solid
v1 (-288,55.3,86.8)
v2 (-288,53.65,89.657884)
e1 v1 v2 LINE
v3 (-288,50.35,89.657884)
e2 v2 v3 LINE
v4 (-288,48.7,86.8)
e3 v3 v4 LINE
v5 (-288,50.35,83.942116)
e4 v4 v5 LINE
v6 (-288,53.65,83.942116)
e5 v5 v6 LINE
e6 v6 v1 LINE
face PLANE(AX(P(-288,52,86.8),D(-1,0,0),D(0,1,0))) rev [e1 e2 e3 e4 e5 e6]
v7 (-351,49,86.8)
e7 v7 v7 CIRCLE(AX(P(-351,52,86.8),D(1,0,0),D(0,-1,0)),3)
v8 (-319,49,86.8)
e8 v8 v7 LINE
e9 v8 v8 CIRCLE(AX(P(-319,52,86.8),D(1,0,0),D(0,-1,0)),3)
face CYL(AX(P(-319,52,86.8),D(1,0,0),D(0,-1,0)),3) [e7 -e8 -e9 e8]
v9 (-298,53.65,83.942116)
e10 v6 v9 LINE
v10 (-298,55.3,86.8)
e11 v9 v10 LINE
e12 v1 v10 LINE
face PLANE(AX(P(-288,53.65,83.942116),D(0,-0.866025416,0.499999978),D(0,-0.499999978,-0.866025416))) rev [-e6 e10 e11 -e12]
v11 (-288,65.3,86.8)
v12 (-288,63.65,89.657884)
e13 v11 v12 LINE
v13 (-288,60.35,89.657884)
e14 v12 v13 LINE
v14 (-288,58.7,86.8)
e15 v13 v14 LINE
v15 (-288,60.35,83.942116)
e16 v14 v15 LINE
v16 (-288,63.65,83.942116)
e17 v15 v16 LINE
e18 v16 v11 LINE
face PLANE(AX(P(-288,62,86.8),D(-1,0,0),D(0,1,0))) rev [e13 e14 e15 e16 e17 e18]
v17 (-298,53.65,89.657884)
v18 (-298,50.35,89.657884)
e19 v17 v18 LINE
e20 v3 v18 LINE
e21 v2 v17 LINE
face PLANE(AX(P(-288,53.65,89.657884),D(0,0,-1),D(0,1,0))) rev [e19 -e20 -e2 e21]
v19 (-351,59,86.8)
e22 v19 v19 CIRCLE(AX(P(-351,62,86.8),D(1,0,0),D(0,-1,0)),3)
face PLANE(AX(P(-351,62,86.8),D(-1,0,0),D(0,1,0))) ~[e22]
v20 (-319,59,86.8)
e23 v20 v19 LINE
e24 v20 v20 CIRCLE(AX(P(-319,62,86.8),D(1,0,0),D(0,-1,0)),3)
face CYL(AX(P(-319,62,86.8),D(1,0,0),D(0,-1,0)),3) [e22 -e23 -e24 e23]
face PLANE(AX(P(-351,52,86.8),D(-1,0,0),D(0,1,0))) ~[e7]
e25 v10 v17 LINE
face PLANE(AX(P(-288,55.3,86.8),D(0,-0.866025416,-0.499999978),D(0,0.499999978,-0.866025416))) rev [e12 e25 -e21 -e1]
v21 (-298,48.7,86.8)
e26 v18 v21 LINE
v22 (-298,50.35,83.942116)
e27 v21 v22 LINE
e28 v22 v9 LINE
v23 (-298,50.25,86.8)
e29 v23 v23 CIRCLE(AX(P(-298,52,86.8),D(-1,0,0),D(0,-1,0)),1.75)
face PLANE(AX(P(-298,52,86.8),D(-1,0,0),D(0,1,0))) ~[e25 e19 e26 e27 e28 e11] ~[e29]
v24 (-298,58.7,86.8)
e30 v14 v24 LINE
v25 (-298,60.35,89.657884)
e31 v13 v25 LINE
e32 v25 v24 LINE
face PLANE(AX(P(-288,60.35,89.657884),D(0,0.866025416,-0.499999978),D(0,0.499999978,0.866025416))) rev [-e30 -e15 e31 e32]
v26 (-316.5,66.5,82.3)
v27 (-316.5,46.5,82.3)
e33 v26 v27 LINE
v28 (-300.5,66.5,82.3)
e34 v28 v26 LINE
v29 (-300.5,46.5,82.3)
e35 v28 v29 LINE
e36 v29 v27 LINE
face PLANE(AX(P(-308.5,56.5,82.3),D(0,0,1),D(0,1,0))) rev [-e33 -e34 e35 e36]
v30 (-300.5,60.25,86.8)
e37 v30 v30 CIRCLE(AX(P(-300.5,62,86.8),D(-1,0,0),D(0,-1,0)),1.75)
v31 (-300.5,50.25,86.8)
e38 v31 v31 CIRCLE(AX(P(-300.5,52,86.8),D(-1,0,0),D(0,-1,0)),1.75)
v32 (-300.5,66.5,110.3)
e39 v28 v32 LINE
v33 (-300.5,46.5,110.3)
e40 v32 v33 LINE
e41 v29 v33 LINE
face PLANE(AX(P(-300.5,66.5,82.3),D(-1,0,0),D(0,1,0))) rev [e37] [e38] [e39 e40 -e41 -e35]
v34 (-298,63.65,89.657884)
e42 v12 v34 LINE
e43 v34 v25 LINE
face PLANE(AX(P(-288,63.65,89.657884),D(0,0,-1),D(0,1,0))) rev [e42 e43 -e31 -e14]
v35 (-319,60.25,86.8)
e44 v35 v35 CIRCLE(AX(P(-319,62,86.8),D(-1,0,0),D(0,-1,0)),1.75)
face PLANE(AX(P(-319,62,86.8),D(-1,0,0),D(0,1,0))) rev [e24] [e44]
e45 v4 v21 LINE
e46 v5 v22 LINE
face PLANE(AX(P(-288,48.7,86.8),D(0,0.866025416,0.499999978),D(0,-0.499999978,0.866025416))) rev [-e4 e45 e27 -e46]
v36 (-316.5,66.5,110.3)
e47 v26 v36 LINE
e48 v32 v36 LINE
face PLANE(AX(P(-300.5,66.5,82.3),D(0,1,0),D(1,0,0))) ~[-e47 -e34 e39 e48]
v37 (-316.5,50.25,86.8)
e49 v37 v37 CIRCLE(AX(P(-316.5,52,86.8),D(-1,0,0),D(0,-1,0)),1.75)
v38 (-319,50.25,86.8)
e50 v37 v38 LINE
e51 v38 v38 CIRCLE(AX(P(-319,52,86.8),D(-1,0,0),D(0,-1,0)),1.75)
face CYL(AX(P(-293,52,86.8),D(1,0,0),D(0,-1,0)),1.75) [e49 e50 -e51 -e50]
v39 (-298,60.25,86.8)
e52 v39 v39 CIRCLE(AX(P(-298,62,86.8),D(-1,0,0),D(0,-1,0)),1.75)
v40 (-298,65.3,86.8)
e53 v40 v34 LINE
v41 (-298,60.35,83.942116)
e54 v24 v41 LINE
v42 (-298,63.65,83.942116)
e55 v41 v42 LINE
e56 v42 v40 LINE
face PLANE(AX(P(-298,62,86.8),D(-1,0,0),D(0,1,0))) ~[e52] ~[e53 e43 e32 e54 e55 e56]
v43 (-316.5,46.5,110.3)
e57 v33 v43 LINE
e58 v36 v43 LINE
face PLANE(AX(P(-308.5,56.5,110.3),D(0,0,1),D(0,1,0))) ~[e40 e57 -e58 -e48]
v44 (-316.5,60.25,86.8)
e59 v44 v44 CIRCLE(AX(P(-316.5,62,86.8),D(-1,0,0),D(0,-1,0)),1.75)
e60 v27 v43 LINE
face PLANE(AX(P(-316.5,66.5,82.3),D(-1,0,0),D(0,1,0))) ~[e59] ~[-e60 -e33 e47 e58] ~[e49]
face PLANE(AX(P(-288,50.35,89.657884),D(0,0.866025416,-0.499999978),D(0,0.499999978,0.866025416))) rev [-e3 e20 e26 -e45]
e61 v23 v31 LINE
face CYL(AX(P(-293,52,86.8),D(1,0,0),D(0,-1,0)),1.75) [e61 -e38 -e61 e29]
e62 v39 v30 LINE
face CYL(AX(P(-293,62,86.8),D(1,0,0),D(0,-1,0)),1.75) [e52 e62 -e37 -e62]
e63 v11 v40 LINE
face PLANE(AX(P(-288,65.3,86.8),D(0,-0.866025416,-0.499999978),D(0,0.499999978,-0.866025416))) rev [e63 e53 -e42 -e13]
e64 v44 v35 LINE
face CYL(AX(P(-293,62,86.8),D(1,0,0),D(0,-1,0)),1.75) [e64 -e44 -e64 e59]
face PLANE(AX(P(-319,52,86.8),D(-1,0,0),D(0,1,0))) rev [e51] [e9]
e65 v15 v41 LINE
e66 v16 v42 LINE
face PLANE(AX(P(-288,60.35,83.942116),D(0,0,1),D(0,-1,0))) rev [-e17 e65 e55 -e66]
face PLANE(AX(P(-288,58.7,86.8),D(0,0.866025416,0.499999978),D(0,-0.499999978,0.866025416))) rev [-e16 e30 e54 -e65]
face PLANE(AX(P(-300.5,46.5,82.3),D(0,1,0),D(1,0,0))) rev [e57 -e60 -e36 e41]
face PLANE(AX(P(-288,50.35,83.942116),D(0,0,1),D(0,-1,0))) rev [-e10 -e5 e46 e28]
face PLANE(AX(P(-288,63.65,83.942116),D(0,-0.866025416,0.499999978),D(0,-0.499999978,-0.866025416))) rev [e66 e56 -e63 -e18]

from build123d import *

# Parameters (mm, degrees)
PRISM002_DEPTH           = 10
PRISM002_ROLL_ANGLE      = -90
CYLINDER051_R            = 3
CYLINDER051_DEPTH        = 32
CYLINDER051_ROLL_ANGLE   = -90
CYLINDER052_R            = 3
CYLINDER052_DEPTH        = 32
CYLINDER052_ROLL_ANGLE   = -90
BOX040_W                 = 20
BOX040_H                 = 16
BOX040_DEPTH             = 28
CYLINDER053_R            = 1.75
CYLINDER053_DEPTH        = 32
CYLINDER053_ROLL_ANGLE   = -90
CYLINDER054_R            = 1.75
CYLINDER054_DEPTH        = 32
CYLINDER054_ROLL_ANGLE   = -90
PRISM001_DEPTH           = 10
PRISM001_ROLL_ANGLE      = -90
CLONE014_PLACEMENT_ANGLE = -90


with BuildPart() as prisma002:
    # Prism002 → Prism002 (new body)
    with BuildSketch(Plane.XY):
        Polygon((3.3, 0), (1.65, 2.857884), (-1.65, 2.857884), (-3.3, 0), (-1.65, -2.857884), (1.65, -2.857884), align=None)
    extrude(amount=PRISM002_DEPTH)


with BuildPart() as prisma002_1:
    # Prism002 roll: moved
    add(prisma002.part.rotate(Axis((0, 0, 0), (1, 0, 0)), PRISM002_ROLL_ANGLE))


with BuildPart() as prisma002_2:
    # Prism002 placement: moved
    add(prisma002_1.part.moved(Location((8, 85, 84))))


with BuildPart() as cilindro017:
    # Cylinder051 → Cylinder051 (new body)
    with BuildSketch(Plane.XY):
        Circle(CYLINDER051_R)
    extrude(amount=CYLINDER051_DEPTH)


with BuildPart() as cilindro017_1:
    # Cylinder051 roll: moved
    add(cilindro017.part.rotate(Axis((0, 0, 0), (1, 0, 0)), CYLINDER051_ROLL_ANGLE))


with BuildPart() as cilindro017_2:
    # Cylinder051 placement: moved
    add(cilindro017_1.part.moved(Location((18, 116, 84))))


with BuildPart() as cilindro018:
    # Cylinder052 → Cylinder052 (new body)
    with BuildSketch(Plane.XY):
        Circle(CYLINDER052_R)
    extrude(amount=CYLINDER052_DEPTH)


with BuildPart() as cilindro018_1:
    # Cylinder052 roll: moved
    add(cilindro018.part.rotate(Axis((0, 0, 0), (1, 0, 0)), CYLINDER052_ROLL_ANGLE))


with BuildPart() as cilindro018_2:
    # Cylinder052 placement: moved
    add(cilindro018_1.part.moved(Location((8, 116, 84))))


with BuildPart() as cubo005:
    # Box040 → Box040 (new body)
    with BuildSketch(Plane(origin=(3.5, 97.5, 79.5), x_dir=(1, 0, 0), z_dir=(0, 0, 1))):
        with Locations((10, 8)):
            Rectangle(BOX040_W, BOX040_H)
    extrude(amount=BOX040_DEPTH)


with BuildPart() as cilindro013:
    # Cylinder053 → Cylinder053 (new body)
    with BuildSketch(Plane.XY):
        Circle(CYLINDER053_R)
    extrude(amount=CYLINDER053_DEPTH)


with BuildPart() as cilindro013_1:
    # Cylinder053 roll: moved
    add(cilindro013.part.rotate(Axis((0, 0, 0), (1, 0, 0)), CYLINDER053_ROLL_ANGLE))


with BuildPart() as cilindro013_2:
    # Cylinder053 placement: moved
    add(cilindro013_1.part.moved(Location((18, 90, 84))))


with BuildPart() as cilindro012:
    # Cylinder054 → Cylinder054 (new body)
    with BuildSketch(Plane.XY):
        Circle(CYLINDER054_R)
    extrude(amount=CYLINDER054_DEPTH)


with BuildPart() as cilindro012_1:
    # Cylinder054 roll: moved
    add(cilindro012.part.rotate(Axis((0, 0, 0), (1, 0, 0)), CYLINDER054_ROLL_ANGLE))


with BuildPart() as cilindro012_2:
    # Cylinder054 placement: moved
    add(cilindro012_1.part.moved(Location((8, 90, 84))))


with BuildPart() as clone_of_arm_positive_cut_left:
    # Prism001 → Prism001 (new body)
    with BuildSketch(Plane.XY):
        Polygon((3.3, 0), (1.65, 2.857884), (-1.65, 2.857884), (-3.3, 0), (-1.65, -2.857884), (1.65, -2.857884), align=None)
    extrude(amount=PRISM001_DEPTH)


with BuildPart() as clone_of_arm_positive_cut_left_1:
    # Prism001 roll: moved
    add(clone_of_arm_positive_cut_left.part.rotate(Axis((0, 0, 0), (1, 0, 0)), PRISM001_ROLL_ANGLE))


with BuildPart() as clone_of_arm_positive_cut_left_2:
    # Prism001 placement: moved
    add(clone_of_arm_positive_cut_left_1.part.moved(Location((18, 85, 84))))

    # Fusion036: union Prisma002, Cilindro017, Cilindro018, Cubo005, Cilindro013, Cilindro012
    add(prisma002_2.part)
    add(cilindro017_2.part)
    add(cilindro018_2.part)
    add(cubo005.part)
    add(cilindro013_2.part)
    add(cilindro012_2.part)


with BuildPart() as clone_of_arm_positive_cut_left_3:
    # Clone014 placement: moved
    add(clone_of_arm_positive_cut_left_2.part.moved(Location((-275, 70, 2.8))).rotate(Axis((-275, 70, 2.8), (0, 0, 1)), CLONE014_PLACEMENT_ANGLE))


with BuildPart() as clone_of_arm_positive_cut_right:
    # Part__Mirroring009: instance of Clone of arm-positive-cut-left
    add(clone_of_arm_positive_cut_left_3.part.mirror(Plane(origin=(0, 0, 0), x_dir=(0, -1, 0), z_dir=(1, 0, 0))))


with BuildPart() as clone_of_arm_positive_cut_right_1:
    # Part__Mirroring009 placement: moved
    add(clone_of_arm_positive_cut_right.part.moved(Location((-478, 0, 0))))


solid = clone_of_arm_positive_cut_right_1.part
